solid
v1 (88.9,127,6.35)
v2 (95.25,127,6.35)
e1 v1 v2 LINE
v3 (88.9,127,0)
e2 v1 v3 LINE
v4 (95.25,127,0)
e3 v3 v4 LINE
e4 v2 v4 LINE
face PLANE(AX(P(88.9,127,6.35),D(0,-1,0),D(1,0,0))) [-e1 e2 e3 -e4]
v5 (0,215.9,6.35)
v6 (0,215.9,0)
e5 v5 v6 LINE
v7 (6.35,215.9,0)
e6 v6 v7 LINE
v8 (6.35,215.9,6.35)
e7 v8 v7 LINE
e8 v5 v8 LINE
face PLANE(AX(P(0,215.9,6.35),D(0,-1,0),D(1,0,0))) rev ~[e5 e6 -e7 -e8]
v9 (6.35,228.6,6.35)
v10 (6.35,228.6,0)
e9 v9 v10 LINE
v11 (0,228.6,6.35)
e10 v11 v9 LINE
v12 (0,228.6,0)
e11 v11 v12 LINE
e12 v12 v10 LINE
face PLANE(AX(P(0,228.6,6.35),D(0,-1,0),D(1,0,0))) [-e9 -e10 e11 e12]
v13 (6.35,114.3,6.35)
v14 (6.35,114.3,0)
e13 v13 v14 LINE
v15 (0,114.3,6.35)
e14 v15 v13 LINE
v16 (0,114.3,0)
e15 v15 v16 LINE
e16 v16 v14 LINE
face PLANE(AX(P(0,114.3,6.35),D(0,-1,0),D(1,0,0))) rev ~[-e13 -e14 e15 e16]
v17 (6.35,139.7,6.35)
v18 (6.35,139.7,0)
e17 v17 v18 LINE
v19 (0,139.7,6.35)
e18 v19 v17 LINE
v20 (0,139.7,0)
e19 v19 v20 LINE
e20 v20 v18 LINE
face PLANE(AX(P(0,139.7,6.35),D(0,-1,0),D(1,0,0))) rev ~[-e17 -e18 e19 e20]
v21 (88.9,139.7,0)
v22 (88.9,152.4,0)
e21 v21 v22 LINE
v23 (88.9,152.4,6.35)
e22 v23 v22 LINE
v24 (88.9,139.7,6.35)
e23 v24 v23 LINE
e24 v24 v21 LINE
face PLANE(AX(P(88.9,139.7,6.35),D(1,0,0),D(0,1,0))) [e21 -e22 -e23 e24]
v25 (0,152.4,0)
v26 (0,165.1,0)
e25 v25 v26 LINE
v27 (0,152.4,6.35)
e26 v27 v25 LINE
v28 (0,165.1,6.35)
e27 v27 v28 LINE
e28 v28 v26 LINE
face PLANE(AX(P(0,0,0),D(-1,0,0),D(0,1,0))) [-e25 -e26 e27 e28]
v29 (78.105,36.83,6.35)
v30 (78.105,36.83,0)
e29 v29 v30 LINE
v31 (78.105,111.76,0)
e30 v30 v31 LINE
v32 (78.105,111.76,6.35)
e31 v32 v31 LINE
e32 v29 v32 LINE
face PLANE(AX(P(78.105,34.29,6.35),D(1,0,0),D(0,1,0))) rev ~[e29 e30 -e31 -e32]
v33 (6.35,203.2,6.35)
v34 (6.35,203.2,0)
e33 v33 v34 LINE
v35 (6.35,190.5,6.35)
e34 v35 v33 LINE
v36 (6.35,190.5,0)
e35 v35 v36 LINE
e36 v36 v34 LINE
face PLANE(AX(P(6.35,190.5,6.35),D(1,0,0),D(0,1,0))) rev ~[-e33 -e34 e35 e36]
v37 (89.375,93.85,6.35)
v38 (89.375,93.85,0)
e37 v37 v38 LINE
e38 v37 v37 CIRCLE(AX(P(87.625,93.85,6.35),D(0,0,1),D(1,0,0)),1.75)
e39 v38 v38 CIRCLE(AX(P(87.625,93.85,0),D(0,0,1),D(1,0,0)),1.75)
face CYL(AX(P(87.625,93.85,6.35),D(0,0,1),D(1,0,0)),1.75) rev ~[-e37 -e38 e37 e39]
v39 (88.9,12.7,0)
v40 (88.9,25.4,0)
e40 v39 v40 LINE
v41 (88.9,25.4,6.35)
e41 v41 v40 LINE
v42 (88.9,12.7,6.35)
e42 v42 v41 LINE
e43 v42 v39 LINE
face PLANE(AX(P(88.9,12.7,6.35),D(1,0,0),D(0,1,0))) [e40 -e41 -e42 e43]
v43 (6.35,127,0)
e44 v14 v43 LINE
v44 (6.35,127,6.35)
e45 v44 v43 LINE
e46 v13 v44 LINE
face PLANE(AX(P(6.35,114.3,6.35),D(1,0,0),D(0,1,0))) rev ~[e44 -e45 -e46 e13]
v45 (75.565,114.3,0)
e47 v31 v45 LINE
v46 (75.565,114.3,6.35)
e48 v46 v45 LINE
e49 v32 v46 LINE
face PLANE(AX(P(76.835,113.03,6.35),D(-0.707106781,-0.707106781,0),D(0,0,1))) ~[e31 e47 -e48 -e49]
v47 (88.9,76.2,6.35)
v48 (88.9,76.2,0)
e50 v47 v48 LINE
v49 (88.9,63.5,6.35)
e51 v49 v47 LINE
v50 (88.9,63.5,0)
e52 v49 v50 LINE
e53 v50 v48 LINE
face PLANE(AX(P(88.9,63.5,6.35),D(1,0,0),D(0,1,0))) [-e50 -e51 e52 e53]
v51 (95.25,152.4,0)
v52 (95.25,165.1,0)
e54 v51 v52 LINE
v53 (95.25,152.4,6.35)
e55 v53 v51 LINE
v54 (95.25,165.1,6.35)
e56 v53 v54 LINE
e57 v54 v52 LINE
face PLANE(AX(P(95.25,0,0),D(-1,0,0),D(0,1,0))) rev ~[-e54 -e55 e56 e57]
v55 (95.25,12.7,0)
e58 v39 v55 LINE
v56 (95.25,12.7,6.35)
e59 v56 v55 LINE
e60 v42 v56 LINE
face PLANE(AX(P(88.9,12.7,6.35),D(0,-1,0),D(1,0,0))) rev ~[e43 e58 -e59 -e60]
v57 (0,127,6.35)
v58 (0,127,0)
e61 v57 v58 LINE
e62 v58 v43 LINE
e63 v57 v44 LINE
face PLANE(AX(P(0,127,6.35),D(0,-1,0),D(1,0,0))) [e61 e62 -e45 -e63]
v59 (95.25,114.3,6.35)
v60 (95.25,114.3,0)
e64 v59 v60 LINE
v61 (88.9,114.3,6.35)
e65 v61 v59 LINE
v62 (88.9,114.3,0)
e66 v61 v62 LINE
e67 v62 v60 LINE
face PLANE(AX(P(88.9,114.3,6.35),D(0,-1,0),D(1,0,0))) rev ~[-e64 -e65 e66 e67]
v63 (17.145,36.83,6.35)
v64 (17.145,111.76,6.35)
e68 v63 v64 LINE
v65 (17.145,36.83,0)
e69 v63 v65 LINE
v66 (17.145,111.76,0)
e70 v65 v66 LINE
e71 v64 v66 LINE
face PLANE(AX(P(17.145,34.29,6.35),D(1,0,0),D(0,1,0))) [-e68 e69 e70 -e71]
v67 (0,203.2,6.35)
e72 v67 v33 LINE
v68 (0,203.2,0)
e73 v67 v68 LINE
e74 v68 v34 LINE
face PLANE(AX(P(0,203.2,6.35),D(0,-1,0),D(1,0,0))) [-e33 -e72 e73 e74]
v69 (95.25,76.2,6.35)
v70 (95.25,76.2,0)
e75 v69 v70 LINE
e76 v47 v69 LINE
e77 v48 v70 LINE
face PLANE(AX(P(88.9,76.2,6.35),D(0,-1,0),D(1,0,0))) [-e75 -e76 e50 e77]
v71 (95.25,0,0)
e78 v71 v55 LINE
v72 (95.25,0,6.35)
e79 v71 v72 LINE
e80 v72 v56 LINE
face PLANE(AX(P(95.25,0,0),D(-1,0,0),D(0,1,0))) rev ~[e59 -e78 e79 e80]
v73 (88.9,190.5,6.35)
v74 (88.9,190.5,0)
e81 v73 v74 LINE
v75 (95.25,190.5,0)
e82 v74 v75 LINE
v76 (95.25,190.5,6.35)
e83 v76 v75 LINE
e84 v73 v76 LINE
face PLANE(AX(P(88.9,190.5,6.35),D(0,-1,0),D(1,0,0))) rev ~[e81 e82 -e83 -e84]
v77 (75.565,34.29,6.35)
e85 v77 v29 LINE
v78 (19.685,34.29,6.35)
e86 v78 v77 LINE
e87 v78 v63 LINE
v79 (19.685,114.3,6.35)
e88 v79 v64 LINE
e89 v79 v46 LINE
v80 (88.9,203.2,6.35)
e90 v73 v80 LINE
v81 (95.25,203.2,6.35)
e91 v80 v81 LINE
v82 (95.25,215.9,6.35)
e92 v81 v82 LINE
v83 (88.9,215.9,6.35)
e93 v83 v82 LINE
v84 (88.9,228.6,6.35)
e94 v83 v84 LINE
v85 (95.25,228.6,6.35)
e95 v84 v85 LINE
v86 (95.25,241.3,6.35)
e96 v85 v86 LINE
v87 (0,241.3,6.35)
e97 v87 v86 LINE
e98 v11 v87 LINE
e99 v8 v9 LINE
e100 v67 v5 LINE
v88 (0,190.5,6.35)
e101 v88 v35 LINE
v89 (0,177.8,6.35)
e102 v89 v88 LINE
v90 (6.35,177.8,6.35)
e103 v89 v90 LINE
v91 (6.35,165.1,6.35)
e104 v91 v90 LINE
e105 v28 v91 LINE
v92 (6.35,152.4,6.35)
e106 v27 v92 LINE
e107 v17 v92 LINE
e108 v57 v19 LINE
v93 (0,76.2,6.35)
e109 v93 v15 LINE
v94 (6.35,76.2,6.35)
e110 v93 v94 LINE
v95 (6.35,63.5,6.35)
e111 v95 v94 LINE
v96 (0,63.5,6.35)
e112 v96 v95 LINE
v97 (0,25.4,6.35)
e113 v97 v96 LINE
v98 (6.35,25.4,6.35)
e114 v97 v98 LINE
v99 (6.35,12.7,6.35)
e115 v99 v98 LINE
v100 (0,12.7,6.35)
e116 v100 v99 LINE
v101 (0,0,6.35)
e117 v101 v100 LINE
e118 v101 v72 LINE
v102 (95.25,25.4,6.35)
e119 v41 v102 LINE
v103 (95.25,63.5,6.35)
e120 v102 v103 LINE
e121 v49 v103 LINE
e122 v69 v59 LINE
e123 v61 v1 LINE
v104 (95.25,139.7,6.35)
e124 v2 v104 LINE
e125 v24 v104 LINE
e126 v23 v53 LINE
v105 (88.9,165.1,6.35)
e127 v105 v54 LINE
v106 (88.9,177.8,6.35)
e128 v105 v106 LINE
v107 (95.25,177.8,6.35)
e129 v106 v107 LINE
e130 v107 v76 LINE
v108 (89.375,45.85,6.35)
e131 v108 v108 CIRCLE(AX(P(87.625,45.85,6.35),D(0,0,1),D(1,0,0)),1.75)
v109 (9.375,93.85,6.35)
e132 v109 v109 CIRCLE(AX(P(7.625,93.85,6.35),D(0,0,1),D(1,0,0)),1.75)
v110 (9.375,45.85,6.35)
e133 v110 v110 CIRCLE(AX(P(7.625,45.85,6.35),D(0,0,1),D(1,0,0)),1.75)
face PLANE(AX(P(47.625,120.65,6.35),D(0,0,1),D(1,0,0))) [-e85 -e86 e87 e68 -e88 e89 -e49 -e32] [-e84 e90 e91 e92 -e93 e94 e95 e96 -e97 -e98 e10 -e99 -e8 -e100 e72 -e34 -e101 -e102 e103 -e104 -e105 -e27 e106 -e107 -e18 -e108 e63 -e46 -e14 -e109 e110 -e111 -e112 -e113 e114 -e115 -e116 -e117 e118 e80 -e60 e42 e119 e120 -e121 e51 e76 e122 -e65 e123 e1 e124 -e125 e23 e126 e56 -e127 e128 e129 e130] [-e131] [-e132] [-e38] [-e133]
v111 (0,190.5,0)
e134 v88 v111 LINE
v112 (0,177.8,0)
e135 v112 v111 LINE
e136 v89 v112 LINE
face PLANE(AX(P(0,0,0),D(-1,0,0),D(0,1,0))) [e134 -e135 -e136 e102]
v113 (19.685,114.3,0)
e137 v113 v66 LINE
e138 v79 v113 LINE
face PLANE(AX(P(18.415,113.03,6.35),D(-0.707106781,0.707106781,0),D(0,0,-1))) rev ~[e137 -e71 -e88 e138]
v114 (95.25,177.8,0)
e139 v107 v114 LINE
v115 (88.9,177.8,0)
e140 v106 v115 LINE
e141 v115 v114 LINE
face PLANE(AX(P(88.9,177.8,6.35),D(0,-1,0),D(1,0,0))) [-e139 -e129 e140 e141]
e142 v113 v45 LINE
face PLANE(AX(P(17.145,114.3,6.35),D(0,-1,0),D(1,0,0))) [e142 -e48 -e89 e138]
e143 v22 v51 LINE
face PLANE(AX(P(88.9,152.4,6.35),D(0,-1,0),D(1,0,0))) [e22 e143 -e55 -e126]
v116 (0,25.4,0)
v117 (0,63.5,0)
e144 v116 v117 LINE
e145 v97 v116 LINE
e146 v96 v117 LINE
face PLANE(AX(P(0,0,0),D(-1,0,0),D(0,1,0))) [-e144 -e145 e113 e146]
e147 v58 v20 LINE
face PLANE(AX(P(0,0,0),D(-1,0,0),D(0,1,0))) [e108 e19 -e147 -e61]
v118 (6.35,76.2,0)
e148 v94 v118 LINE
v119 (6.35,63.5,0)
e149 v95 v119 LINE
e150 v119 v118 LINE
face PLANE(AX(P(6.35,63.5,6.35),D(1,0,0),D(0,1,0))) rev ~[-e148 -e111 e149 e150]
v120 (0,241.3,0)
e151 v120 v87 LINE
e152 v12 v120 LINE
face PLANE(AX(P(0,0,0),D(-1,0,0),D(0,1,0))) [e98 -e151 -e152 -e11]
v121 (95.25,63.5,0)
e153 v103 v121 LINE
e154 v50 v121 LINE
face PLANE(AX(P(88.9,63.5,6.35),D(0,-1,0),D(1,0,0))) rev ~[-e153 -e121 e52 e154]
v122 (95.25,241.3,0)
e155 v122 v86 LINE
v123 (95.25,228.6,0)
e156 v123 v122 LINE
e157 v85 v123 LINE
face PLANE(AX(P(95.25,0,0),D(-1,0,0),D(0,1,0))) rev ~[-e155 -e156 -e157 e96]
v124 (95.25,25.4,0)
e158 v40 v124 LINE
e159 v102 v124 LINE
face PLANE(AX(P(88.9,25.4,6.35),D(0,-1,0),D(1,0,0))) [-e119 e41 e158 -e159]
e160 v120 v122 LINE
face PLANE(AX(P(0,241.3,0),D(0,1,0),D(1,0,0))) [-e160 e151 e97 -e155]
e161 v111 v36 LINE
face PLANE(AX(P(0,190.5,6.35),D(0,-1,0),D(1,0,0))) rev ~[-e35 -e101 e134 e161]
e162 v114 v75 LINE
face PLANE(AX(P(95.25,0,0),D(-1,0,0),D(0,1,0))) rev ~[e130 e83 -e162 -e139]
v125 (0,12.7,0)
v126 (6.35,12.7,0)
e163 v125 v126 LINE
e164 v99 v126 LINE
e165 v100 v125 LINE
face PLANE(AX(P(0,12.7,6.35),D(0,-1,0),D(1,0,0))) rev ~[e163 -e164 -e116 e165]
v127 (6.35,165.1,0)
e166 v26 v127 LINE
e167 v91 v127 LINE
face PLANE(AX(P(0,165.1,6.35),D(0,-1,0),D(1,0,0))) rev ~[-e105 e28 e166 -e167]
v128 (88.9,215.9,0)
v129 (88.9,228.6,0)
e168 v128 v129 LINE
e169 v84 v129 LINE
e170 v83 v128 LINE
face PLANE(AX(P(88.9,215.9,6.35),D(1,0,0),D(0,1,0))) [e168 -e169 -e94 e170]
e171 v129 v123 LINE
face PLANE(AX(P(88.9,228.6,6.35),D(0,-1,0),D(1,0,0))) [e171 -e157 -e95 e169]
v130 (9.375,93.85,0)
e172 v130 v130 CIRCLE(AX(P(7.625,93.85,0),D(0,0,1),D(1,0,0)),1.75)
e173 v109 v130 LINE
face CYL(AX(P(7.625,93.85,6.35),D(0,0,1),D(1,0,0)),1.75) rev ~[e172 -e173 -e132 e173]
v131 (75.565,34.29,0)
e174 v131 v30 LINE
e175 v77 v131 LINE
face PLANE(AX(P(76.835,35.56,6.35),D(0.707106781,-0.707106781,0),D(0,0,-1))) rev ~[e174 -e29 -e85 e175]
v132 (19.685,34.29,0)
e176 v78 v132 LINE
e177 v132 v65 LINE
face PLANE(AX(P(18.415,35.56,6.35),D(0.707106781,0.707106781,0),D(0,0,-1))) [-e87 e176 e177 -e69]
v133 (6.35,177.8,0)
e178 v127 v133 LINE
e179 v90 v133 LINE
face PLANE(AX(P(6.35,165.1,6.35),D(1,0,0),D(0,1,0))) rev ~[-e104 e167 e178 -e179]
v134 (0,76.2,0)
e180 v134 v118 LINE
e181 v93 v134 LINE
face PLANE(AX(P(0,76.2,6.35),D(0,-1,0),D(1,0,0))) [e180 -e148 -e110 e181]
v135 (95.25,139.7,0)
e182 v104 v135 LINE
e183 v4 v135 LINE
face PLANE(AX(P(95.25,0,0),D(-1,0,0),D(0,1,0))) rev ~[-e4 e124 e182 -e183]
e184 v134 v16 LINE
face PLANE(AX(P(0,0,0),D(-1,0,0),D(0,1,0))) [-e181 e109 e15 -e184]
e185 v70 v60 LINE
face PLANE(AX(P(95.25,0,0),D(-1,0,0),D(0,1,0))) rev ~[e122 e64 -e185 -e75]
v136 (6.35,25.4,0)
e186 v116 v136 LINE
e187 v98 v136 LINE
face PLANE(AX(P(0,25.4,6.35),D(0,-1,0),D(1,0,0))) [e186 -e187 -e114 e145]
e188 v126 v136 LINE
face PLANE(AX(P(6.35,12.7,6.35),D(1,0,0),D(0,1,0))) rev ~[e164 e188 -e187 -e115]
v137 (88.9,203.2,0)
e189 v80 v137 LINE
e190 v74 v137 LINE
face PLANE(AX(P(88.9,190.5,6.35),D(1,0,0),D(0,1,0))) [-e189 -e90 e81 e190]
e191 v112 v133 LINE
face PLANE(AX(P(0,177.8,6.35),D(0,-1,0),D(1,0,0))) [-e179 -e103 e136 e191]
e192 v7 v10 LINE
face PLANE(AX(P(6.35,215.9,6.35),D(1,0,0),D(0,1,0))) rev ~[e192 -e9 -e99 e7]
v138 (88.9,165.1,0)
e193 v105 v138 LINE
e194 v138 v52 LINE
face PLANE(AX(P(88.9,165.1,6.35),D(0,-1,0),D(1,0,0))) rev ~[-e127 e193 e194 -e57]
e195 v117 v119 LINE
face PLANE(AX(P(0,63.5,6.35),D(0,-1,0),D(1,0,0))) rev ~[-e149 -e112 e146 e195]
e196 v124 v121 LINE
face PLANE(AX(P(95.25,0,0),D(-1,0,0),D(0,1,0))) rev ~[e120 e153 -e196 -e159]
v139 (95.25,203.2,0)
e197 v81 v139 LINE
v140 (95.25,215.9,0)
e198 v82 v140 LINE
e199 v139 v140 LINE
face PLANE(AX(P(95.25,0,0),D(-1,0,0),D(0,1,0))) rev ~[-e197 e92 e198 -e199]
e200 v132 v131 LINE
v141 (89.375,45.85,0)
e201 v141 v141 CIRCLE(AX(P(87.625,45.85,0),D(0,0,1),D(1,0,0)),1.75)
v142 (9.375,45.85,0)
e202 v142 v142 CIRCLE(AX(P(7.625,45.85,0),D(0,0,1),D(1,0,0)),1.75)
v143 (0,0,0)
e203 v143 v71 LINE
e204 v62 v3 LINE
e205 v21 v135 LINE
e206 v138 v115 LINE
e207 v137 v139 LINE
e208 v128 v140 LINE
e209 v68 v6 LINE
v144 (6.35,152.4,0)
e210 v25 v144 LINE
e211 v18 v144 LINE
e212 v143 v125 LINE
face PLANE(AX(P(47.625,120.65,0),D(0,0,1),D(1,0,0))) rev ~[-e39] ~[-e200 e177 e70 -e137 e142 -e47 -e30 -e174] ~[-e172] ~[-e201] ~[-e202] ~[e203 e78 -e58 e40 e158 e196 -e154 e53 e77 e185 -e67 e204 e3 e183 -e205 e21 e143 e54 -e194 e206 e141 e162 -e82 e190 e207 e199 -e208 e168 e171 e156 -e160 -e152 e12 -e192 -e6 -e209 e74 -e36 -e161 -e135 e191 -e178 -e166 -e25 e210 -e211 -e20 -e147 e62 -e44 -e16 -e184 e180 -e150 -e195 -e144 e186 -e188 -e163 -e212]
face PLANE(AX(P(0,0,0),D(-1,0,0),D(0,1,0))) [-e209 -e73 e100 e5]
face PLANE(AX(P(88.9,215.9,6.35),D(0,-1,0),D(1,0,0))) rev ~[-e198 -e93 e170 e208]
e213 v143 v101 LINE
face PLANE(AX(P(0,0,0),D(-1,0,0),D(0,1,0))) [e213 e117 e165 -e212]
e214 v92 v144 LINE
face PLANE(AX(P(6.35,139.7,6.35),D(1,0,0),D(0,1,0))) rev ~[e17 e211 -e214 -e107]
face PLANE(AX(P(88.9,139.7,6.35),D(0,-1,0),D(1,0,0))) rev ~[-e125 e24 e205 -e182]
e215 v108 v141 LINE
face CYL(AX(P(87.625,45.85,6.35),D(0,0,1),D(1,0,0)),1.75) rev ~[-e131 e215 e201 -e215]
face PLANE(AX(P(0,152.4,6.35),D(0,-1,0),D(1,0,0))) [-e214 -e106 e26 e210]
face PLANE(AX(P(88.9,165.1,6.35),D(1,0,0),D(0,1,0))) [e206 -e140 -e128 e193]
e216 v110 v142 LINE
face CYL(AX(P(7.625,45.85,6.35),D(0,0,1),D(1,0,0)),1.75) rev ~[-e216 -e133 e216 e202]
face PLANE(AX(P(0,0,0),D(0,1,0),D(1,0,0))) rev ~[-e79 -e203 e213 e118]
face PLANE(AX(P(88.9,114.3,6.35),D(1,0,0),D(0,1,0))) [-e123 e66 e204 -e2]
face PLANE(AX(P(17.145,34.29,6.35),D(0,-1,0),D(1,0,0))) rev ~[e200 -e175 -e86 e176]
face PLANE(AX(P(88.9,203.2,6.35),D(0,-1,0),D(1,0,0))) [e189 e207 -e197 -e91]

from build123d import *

# Parameters (mm, degrees)
SKETCH1_W           = 95.25
SKETCH1_H           = 241.3
BOSS_EXTRUDE1_DEPTH = 6.35
SKETCH2_W           = 6.35
SKETCH2_H           = 12.7
CUT_EXTRUDE1_DEPTH  = 7.35
LPATTERN1_COUNT     = 9
LPATTERN1_PITCH     = 25.4
SKETCH3_R           = 1.75
CUT_EXTRUDE2_DEPTH  = 7.35
SKETCH4_W           = 60.96
SKETCH4_H           = 80.01
CUT_EXTRUDE3_DEPTH  = 7.35
CHAMFER1_SIZE       = 2.54


with BuildPart() as part:
    # Sketch1 → Boss-Extrude1 (new body)
    with BuildSketch(Plane.XY):
        with Locations((47.625, 120.65)):
            Rectangle(SKETCH1_W, SKETCH1_H)
    extrude(amount=BOSS_EXTRUDE1_DEPTH)

    # Sketch2 → Cut-Extrude1 (cut, through all)
    with BuildSketch(Plane.XY.offset(6.35)):
        with Locations((3.175, 222.25)):
            Rectangle(SKETCH2_W, SKETCH2_H)
        with Locations((92.075, 222.25)):
            Rectangle(SKETCH2_W, SKETCH2_H)
    cut_extrude1 = extrude(amount=-CUT_EXTRUDE1_DEPTH, mode=Mode.SUBTRACT)

    # LPattern1: Cut-Extrude1 ×9, 2 skipped
    with Locations(*[(0, -i * LPATTERN1_PITCH, 0) for i in range(1, LPATTERN1_COUNT) if i not in (5, 7)]):
        add(cut_extrude1, mode=Mode.SUBTRACT)

    # Sketch3 → Cut-Extrude2 (cut, through all)
    with BuildSketch(Plane.XY.offset(6.35)):
        with Locations((7.625, 93.85)):
            Circle(SKETCH3_R)
        with Locations((7.625, 45.85)):
            Circle(SKETCH3_R)
        with Locations((87.625, 93.85)):
            Circle(SKETCH3_R)
        with Locations((87.625, 45.85)):
            Circle(SKETCH3_R)
    extrude(amount=-CUT_EXTRUDE2_DEPTH, mode=Mode.SUBTRACT)

    # Sketch4 → Cut-Extrude3 (cut, through all)
    with BuildSketch(Plane.XY.offset(6.35)):
        with Locations((47.625, 74.295)):
            Rectangle(SKETCH4_W, SKETCH4_H)
    extrude(amount=-CUT_EXTRUDE3_DEPTH, mode=Mode.SUBTRACT)

    # Chamfer1
    chamfer1_edges = [part.edges().sort_by_distance(p)[0] for p in [
        (17.145, 114.3, 3.175),
        (78.105, 114.3, 3.175),
        (78.105, 34.29, 3.175),
        (17.145, 34.29, 3.175),
    ]]
    chamfer(chamfer1_edges, length=CHAMFER1_SIZE)


solid = part.part
